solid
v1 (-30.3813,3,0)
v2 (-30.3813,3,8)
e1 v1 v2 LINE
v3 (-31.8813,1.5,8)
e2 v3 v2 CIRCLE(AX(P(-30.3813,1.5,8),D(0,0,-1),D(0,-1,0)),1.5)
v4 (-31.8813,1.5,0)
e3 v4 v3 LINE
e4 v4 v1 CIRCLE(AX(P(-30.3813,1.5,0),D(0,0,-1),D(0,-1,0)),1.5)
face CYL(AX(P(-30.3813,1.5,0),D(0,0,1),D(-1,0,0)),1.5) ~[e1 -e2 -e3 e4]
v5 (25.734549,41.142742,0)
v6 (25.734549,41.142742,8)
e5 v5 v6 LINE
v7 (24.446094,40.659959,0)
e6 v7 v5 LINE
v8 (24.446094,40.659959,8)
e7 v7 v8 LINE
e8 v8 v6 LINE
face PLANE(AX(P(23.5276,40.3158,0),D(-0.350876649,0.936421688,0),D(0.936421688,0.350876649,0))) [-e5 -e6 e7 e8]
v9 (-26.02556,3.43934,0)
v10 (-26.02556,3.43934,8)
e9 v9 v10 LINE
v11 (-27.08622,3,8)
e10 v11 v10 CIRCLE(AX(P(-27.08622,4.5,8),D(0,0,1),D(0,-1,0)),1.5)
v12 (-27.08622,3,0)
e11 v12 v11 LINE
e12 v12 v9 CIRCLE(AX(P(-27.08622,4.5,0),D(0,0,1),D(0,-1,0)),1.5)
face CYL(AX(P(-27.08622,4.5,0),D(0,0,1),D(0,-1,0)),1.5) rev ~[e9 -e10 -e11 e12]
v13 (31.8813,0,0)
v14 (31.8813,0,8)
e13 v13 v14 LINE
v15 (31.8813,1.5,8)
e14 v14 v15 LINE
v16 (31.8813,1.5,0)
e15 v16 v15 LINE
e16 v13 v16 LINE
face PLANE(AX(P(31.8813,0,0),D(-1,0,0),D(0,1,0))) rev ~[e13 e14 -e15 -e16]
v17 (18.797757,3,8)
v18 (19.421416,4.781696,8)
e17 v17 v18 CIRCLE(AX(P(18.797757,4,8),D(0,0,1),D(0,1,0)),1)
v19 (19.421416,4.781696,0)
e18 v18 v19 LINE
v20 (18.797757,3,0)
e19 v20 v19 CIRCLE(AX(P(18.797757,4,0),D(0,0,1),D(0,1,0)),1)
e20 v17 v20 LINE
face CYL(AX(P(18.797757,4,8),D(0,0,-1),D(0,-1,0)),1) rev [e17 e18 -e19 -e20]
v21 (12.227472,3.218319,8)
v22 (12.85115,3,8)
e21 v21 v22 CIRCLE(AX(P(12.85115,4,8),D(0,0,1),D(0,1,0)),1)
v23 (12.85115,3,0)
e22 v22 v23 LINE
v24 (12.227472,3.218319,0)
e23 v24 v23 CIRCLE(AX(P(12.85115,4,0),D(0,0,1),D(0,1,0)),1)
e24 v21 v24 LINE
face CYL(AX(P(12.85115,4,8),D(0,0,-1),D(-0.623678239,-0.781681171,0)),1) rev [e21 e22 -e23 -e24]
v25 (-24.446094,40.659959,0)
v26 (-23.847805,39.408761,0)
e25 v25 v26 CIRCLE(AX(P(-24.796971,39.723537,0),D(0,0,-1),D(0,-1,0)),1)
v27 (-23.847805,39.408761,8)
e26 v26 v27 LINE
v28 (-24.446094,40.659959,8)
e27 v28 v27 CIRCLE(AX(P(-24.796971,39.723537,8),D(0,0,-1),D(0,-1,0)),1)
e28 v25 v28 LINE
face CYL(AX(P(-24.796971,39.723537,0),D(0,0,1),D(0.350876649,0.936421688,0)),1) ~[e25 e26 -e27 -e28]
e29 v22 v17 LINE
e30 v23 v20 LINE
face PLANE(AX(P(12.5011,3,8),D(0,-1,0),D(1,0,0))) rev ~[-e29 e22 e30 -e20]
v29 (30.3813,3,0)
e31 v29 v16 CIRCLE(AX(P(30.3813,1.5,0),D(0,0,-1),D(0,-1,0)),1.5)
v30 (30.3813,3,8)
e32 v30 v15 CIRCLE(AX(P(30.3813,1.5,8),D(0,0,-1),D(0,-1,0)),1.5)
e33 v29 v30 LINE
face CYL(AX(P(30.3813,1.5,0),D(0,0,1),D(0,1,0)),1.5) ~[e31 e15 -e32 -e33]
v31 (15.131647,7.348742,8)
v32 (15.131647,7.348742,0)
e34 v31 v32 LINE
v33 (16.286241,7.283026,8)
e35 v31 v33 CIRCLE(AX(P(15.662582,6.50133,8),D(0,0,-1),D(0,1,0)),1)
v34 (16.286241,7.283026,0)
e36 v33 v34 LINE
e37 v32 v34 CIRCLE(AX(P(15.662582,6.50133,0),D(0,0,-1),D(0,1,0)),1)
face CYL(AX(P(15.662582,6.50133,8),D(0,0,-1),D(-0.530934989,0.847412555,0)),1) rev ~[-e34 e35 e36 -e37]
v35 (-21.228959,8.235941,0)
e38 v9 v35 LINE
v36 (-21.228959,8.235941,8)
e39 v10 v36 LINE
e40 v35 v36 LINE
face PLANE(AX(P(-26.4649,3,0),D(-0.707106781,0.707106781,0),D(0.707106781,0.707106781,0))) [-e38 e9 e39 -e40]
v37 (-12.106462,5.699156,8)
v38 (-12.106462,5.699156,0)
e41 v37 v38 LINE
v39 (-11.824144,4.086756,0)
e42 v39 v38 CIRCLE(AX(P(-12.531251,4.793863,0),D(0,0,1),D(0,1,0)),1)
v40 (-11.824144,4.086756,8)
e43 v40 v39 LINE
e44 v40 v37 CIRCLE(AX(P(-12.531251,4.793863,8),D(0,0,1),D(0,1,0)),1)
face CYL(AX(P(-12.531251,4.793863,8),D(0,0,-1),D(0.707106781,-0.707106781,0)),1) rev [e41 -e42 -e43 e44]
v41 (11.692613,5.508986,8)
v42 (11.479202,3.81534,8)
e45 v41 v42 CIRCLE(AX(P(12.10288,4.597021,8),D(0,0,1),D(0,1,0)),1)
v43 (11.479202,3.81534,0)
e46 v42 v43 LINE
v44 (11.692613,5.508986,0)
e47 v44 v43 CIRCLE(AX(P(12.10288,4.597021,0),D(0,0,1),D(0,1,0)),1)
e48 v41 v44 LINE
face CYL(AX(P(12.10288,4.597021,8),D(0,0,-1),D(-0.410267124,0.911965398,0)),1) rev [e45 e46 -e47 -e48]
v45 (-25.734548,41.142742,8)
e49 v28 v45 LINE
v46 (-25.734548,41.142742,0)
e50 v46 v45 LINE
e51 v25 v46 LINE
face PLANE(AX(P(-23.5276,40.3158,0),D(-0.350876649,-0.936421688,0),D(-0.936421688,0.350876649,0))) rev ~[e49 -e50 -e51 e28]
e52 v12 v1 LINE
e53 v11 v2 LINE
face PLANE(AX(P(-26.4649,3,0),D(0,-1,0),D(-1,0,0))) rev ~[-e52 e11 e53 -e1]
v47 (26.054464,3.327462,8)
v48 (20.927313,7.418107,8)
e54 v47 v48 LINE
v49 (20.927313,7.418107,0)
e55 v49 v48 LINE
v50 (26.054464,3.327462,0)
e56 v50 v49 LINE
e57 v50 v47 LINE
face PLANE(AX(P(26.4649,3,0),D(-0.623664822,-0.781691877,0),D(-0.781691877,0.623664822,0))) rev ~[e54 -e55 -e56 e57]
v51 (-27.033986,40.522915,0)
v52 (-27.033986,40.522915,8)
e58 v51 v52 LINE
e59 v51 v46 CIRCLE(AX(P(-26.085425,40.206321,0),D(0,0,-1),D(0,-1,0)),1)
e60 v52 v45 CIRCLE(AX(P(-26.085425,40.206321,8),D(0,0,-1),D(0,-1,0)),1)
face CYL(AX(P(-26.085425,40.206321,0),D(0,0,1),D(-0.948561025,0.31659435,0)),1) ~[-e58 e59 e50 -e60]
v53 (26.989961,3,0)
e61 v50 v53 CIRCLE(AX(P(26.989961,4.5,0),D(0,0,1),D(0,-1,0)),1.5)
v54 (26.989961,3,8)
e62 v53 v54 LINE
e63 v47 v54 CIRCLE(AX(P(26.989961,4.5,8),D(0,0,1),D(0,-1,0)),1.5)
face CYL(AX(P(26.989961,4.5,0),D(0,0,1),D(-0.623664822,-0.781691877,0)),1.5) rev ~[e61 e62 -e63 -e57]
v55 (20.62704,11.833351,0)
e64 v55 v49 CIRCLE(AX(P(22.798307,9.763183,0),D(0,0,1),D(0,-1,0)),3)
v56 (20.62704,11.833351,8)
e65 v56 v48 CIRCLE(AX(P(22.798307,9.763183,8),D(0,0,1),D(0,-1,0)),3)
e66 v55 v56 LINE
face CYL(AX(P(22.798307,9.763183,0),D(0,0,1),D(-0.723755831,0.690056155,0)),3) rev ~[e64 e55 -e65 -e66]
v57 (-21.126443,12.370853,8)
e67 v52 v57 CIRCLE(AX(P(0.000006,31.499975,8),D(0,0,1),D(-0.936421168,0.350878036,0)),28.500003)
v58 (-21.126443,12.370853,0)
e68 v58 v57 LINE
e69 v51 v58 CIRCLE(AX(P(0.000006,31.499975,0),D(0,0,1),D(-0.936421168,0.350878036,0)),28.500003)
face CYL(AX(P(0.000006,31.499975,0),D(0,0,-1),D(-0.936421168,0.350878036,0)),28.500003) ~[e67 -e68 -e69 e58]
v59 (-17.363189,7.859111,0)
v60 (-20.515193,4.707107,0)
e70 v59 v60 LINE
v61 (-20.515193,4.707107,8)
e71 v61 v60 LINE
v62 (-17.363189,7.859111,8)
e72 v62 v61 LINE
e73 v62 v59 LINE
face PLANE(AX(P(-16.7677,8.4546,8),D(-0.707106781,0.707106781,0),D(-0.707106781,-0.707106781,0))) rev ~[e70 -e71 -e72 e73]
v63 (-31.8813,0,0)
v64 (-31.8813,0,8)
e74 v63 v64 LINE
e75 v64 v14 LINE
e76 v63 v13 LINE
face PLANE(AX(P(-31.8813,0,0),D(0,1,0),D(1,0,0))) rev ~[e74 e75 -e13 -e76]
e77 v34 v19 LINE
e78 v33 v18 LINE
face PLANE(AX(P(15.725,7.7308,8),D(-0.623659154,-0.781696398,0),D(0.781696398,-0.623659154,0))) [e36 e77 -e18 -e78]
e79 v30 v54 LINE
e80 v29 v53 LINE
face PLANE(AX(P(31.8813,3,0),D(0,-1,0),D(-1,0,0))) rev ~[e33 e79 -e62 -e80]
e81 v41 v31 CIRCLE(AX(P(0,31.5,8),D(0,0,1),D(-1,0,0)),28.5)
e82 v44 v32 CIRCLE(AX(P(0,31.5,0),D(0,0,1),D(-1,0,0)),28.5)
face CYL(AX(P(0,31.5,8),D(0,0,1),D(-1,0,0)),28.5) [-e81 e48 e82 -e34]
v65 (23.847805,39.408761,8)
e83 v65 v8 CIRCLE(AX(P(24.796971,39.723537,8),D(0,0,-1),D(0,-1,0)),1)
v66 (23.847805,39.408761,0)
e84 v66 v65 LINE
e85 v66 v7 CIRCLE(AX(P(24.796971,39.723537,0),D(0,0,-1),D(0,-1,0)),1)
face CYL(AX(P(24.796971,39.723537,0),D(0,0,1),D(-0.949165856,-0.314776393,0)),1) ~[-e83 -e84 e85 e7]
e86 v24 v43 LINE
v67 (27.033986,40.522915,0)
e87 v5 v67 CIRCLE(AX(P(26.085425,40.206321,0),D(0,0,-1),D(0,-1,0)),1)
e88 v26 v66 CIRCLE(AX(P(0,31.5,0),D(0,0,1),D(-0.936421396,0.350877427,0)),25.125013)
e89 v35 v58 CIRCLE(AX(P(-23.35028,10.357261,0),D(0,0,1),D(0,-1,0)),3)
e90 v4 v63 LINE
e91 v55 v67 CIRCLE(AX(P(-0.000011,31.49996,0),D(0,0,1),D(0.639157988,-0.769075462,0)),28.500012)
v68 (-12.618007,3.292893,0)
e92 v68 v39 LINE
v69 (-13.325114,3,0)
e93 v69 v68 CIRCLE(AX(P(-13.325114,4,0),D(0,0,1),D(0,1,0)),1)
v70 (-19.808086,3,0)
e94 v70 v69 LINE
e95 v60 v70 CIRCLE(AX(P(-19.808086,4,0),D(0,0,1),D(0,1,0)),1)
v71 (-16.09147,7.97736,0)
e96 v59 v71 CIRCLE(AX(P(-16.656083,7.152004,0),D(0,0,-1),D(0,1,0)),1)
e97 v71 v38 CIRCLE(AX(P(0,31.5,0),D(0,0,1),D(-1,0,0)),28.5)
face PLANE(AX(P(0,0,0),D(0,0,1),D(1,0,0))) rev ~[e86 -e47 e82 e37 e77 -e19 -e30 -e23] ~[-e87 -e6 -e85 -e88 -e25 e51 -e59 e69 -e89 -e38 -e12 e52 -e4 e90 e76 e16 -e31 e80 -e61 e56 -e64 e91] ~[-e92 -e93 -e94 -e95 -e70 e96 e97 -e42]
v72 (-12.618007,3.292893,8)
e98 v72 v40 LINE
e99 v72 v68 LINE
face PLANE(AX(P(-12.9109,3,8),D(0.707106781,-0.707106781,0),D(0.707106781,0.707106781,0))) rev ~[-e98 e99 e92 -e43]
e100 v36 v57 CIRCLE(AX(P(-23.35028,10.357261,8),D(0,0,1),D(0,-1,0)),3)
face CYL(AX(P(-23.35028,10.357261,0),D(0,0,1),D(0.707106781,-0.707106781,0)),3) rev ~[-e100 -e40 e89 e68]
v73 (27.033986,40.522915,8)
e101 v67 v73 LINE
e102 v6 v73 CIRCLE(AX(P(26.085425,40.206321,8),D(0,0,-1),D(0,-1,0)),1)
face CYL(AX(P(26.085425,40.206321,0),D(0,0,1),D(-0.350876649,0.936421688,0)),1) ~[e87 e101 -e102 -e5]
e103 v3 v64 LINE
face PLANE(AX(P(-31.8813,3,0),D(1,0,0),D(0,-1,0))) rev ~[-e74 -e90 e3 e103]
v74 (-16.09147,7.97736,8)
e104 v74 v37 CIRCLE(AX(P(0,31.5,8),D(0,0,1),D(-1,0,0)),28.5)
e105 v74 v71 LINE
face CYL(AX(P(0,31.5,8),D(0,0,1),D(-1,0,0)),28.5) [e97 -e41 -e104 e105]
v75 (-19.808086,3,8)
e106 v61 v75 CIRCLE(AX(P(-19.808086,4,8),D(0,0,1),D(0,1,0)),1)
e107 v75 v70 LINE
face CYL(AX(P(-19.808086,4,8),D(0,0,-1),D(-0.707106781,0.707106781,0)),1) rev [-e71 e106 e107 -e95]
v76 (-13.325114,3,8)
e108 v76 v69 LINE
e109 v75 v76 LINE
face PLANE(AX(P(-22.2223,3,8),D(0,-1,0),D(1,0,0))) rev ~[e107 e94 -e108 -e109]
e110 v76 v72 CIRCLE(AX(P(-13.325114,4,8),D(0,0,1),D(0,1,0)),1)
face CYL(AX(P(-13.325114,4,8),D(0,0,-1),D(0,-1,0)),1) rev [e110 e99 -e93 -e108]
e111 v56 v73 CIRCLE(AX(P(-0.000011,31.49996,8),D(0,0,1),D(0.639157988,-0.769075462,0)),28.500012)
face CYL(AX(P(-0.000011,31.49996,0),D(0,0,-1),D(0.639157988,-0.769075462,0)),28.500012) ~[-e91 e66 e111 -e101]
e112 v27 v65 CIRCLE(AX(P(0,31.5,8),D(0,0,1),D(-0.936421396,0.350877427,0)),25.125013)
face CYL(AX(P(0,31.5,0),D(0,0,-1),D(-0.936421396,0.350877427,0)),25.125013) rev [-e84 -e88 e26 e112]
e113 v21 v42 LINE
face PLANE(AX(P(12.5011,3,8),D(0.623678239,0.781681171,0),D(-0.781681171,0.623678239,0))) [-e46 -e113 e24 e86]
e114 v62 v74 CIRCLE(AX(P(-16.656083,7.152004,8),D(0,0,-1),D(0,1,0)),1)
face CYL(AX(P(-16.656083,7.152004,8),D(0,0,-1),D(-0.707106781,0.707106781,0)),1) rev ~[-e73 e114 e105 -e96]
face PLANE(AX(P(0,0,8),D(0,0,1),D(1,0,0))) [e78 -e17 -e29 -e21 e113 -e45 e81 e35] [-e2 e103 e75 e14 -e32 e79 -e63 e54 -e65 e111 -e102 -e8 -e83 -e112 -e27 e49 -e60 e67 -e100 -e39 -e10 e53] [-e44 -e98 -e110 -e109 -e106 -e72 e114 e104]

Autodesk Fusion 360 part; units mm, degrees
sketch "Skizze1" plane through (0, 0, 0) normal (0, 0, 1) x (1, 0, 0)
  line L0 (0, 80) -> (0, -42.0959) construction
  line L1 (-31.8813, 0) -> (31.8813, 0)
  line L2 (31.8813, 0) -> (31.8813, 3)
  line L3 (-31.8813, 3) -> (-31.8813, 0)
  line L4 (-26.4649, 3) -> (-19.1093, 10.3556)
  line L5 (26.4649, 3) -> (18.216, 9.5813)
  line L6 (-42, 31.5) -> (42, 31.5) construction
  arc A0 (-23.5276, 40.3158) -> (23.5276, 40.3158) centre (0, 31.5) ccw
  line L7 (23.5276, 40.3158) -> (26.688, 41.5)
  line L8 (-23.5276, 40.3158) -> (-26.688, 41.5)
  arc A1 (18.216, 9.5813) -> (26.688, 41.5) centre (0, 31.5) ccw
  arc A2 (-26.688, 41.5) -> (-19.1093, 10.3556) centre (0, 31.5) ccw
  line L9 (-23.5276, 40.3158) -> (0, 31.5) construction
  line L10 (0, 31.5) -> (23.5276, 40.3158) construction
  line L11 (31.8813, 3) -> (26.4649, 3)
  line L12 (-26.4649, 3) -> (-31.8813, 3)
  arc A3 (-19.1093, 10.3556) -> (18.216, 9.5813) centre (0, 31.5) ccw
  line L13 (-26.4649, 3) -> (26.4649, 3)
  dimension "d1" = 50.25
  dimension "d2" = 3
  dimension "d4" = 31.5
  dimension "d5" = 135
  dimension "d6" = 10
extrude "Extrusion1" add sketch "Skizze1" along normal blind 8
fillet "Abrundung1" radius 1 4 edges at (-23.5276, 40.3158, 4) (-26.688, 41.5, 4) (26.688, 41.5, 4) (23.5276, 40.3158, 4)
sketch "Skizze2" plane through (0, 0, 8) normal (0, 0, 1) x (-1, 0, 0)
  arc A0 (-24.4461, -40.6599) -> (-23.8478, -39.4088) centre (-24.797, -39.7235) ccw
  arc A1 (23.8478, -39.4088) -> (-23.8478, -39.4088) centre (0, -31.5) ccw
  arc A2 (23.8478, -39.4088) -> (24.4461, -40.6599) centre (24.797, -39.7235) ccw
  line L0 (24.4461, -40.6599) -> (25.7346, -41.1427)
  arc A3 (25.7346, -41.1427) -> (27.034, -40.5229) centre (26.0854, -40.2063) ccw
  arc A4 (27.034, -40.5229) -> (19.1093, -10.3556) centre (0, -31.5) ccw
  line L1 (19.1093, -10.3556) -> (26.4649, -3)
  line L2 (26.4649, -3) -> (31.8813, -3)
  line L3 (31.8813, -3) -> (31.8813, 0)
  line L4 (31.8813, 0) -> (-31.8813, 0)
  line L5 (-31.8813, 0) -> (-31.8813, -3)
  line L6 (-31.8813, -3) -> (-26.4649, -3)
  line L7 (-26.4649, -3) -> (-18.216, -9.5813)
  arc A5 (-18.216, -9.5813) -> (-27.034, -40.5229) centre (0, -31.5) ccw
  arc A6 (-27.034, -40.5229) -> (-25.7346, -41.1427) centre (-26.0854, -40.2063) ccw
  line L8 (-25.7346, -41.1427) -> (-24.4461, -40.6599)
  arc A7 (23.8478, -39.4088) -> (-23.8478, -39.4088) centre (0, -31.5) ccw
  arc A8 (27.034, -40.5229) -> (19.1093, -10.3556) centre (0, -31.5) ccw
  arc A9 (-18.216, -9.5813) -> (-27.034, -40.5229) centre (0, -31.5) ccw
  line L9 (31.8813, 0) -> (-31.8813, 0)
  circle A10 centre (0, -31.5) radius 28.5
  line L10 (16.7677, -8.4546) -> (22.2223, -3)
  line L11 (-15.725, -7.7308) -> (-21.6546, -3)
  line L12 (22.2223, -3) -> (-26.4649, -3)
  line L13 (12.9109, -3) -> (10.7896, -5.1213)
  line L14 (-12.5011, -3) -> (-10.1561, -4.871)
  dimension "d13" = 3
  dimension "d14" = 3
  dimension "d15" = 3
  dimension "d16" = 3
extrude "Extrusion2" cut sketch "Skizze2" against normal up to surface (8 mm away) contours A10 L11 L12 L14 | A10 L10 L12 L13
fillet "Abrundung2" radius 3 2 edges at (-19.1093, 10.3556, 4) (18.216, 9.5813, 4)
fillet "Abrundung3" radius 1.5 4 edges at (31.8813, 3, 4) (26.4649, 3, 4) (-26.4649, 3, 4) (-31.8813, 3, 4)
fillet "Abrundung4" radius 1 4 edges at (21.6546, 3, 4) (15.725, 7.7308, 4) (10.1561, 4.871, 4) (12.5011, 3, 4)
fillet "Abrundung5" radius 1 4 edges at (-12.9109, 3, 4) (-10.7896, 5.1213, 4) (-16.7677, 8.4546, 4) (-22.2223, 3, 4)
sketch "Skizze3" plane through (0, 0, 0) normal (0, -1, 0) x (1, 0, 0)
  line L0 (-31.8813, 0) -> (31.8813, 0)
  line L1 (31.8813, 0) -> (31.8813, 8)
  line L2 (31.8813, 8) -> (-31.8813, 8)
  line L3 (-31.8813, 8) -> (-31.8813, 0)
equation "d4 = ( 63 / 2 ) * 1 mm"
